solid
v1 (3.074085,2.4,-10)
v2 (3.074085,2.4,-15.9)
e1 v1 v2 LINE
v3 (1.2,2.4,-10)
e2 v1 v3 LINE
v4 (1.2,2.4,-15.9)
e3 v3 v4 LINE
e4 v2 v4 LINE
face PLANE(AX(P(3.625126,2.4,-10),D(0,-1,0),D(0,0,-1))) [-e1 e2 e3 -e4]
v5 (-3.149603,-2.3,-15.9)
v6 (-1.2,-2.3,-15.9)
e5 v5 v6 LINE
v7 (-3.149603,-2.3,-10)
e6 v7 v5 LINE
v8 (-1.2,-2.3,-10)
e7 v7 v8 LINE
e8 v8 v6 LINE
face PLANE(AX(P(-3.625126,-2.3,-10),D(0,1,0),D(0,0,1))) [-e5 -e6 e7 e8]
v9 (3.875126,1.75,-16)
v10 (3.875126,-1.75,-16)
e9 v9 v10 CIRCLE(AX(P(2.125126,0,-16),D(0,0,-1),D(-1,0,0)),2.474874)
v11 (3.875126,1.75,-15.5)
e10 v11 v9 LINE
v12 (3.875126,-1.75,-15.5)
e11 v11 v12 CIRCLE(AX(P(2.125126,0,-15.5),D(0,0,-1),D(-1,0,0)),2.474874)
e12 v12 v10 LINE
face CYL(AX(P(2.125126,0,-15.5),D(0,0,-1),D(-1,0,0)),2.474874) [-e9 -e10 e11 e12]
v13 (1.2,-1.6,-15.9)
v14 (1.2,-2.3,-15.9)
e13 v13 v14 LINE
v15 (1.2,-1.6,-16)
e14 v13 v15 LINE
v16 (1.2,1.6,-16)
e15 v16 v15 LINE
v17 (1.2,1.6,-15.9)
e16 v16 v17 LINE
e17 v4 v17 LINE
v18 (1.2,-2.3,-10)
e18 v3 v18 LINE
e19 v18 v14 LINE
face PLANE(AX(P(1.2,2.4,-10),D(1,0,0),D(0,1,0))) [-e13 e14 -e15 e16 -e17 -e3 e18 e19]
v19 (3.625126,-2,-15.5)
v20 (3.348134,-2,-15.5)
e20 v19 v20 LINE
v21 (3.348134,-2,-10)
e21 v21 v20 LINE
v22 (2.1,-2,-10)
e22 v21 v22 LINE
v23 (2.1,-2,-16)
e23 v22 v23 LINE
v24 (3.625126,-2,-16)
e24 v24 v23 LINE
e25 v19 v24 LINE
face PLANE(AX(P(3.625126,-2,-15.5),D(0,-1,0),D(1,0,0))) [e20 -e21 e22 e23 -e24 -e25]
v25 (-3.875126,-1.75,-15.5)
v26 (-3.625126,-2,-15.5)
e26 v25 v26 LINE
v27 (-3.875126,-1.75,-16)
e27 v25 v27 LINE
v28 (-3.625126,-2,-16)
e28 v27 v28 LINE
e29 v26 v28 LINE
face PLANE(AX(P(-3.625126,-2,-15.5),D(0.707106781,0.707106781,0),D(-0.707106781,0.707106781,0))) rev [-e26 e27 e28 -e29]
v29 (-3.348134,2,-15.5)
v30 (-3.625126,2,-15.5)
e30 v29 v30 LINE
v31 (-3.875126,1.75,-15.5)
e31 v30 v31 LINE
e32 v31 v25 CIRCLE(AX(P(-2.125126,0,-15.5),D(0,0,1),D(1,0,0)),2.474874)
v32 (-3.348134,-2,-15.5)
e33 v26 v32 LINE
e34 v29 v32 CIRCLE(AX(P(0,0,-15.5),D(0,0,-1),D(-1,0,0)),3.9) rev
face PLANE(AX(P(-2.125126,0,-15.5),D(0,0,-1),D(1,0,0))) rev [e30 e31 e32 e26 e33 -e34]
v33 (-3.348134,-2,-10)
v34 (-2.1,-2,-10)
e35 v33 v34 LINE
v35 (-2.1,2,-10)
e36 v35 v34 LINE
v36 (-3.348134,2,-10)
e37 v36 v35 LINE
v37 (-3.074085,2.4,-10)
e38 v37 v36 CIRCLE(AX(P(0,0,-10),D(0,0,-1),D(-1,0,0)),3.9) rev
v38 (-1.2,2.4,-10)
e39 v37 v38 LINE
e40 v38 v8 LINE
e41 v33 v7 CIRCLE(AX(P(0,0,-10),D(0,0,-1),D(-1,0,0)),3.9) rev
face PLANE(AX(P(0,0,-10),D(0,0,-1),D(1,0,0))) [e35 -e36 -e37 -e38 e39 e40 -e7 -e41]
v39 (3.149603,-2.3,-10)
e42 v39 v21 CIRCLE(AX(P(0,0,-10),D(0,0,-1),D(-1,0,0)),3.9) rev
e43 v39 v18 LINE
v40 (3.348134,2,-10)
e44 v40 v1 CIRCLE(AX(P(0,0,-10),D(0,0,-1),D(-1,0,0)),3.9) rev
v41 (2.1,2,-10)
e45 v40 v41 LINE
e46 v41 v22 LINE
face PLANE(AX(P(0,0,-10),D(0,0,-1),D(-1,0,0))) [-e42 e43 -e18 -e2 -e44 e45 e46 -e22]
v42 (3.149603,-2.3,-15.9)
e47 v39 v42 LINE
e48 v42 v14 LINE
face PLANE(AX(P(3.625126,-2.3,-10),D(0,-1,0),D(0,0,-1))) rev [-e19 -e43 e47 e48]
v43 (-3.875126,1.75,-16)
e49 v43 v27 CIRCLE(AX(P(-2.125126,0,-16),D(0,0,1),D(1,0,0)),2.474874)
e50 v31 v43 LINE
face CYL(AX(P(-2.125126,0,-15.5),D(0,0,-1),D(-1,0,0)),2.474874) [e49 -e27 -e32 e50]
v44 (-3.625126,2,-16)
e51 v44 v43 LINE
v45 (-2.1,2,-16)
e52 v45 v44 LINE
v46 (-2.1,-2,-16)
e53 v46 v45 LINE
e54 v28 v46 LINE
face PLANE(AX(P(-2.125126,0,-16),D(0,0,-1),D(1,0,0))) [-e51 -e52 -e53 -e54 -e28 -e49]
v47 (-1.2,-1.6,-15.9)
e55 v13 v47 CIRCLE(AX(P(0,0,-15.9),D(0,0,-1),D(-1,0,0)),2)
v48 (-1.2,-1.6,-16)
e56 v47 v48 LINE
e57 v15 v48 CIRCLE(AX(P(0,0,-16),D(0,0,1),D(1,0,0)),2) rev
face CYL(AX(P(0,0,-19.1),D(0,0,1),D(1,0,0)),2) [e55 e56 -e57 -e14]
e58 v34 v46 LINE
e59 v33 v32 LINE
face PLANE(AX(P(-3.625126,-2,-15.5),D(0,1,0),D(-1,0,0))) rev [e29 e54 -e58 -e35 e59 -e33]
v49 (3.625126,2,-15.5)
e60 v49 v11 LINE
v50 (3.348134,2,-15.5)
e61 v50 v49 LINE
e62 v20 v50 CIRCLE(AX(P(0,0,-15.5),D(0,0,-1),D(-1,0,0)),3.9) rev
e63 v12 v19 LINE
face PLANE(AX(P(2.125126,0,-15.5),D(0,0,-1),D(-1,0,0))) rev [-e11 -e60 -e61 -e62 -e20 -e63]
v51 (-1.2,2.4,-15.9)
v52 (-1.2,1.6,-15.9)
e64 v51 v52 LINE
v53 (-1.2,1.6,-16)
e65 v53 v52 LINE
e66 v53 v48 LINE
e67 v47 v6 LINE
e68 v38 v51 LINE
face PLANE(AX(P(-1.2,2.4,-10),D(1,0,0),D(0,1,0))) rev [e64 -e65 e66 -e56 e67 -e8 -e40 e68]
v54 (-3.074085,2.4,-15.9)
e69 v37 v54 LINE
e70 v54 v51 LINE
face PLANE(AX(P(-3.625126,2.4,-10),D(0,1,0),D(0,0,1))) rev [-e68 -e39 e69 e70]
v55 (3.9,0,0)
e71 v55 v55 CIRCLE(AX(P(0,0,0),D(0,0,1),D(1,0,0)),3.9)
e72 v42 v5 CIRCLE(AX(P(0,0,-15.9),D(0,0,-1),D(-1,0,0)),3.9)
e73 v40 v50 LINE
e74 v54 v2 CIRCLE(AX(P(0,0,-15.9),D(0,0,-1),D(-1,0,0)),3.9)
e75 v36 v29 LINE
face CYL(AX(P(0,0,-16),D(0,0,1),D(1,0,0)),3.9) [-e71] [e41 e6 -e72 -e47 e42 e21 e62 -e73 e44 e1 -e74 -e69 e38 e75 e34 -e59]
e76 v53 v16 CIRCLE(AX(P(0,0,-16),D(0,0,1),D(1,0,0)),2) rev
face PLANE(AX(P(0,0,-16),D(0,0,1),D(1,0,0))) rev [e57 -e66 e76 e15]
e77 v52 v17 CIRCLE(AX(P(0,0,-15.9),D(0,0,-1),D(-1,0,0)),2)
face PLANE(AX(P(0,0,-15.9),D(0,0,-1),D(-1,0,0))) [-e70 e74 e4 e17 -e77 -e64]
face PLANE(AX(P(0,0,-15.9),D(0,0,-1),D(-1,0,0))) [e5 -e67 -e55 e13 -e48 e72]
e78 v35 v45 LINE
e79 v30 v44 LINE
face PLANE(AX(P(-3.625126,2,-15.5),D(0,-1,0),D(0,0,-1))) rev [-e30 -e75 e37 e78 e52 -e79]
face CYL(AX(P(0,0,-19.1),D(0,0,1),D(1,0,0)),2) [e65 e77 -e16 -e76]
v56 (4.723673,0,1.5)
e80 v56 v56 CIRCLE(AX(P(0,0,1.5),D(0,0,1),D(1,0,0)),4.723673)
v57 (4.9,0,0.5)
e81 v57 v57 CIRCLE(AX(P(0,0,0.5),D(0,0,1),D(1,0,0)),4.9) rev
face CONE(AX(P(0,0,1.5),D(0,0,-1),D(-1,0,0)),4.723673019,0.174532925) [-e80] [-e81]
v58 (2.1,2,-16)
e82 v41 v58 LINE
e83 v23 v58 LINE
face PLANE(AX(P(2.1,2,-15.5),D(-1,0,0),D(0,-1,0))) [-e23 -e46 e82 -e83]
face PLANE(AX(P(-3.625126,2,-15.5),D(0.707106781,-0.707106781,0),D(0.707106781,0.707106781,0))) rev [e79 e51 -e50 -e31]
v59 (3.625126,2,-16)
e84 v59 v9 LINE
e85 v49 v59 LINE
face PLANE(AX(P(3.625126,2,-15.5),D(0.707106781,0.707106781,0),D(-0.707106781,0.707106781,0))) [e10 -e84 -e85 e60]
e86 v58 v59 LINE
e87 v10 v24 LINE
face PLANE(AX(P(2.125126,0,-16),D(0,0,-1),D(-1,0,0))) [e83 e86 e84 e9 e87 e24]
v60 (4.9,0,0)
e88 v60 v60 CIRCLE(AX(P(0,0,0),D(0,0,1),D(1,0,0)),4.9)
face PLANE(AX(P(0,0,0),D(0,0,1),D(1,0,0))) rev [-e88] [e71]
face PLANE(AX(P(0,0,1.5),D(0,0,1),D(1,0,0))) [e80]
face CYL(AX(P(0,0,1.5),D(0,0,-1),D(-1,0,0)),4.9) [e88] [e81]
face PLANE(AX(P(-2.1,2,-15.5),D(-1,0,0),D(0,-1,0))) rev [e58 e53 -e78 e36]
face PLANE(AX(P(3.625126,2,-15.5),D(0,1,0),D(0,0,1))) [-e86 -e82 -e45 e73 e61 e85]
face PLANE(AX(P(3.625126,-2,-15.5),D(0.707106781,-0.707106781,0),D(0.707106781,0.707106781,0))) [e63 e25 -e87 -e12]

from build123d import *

# Parameters (mm, degrees)
SKETCH1_R           = 3.9
BOSS_EXTRUDE1_DEPTH = 16
SKETCH1_3_R         = 4.9
BOSS_EXTRUDE2_DEPTH = 1.5
CUT_EXTRUDE2_START  = 15.9
SKETCH5_R           = 3.9
SKETCH5_R_2         = 2
CUT_EXTRUDE2_DEPTH  = 3.2
CHAMFER1_SIZE       = 1
CHAMFER1_SIZE2      = 0.176326981
BOSS_EXTRUDE3_DEPTH = 0.5
CUT_EXTRUDE1_DEPTH  = 6


with BuildPart() as part:
    # Sketch1 → Boss-Extrude1 (new body)
    with BuildSketch(Plane.XY):
        Circle(SKETCH1_R)
    extrude(amount=-BOSS_EXTRUDE1_DEPTH)

    # Sketch1<3> → Boss-Extrude2 (add)
    with BuildSketch(Plane.XY):
        Circle(SKETCH1_3_R)
    extrude(amount=BOSS_EXTRUDE2_DEPTH)

    # Sketch5 → Cut-Extrude2 (cut)
    with BuildSketch(Plane(origin=(0, 0, 0), x_dir=(-1, 0, 0), z_dir=(0, 0, -1)).offset(CUT_EXTRUDE2_START)):
        Circle(SKETCH5_R)
        Circle(SKETCH5_R_2, mode=Mode.SUBTRACT)
    extrude(amount=CUT_EXTRUDE2_DEPTH, mode=Mode.SUBTRACT)

    # Chamfer1
    chamfer1_edges = [part.edges().sort_by_distance(p)[0] for p in [
        (-4.9, 0, 1.5),
    ]]
    chamfer1_side = [part.faces().sort_by_distance(p)[0] for p in [
        (-4.9, 0, 0.75),
    ]]
    chamfer(chamfer1_edges, length=CHAMFER1_SIZE, length2=CHAMFER1_SIZE2, reference=chamfer1_side[0])

    # Sketch2 → Boss-Extrude3 (add)
    with BuildSketch(Plane(origin=(0, 0, -16), x_dir=(-1, 0, 0), z_dir=(0, 0, -1))):
        with BuildLine():
            Line((-3.625126266, 2), (-2.1, 2))
            Line((-2.1, 2), (-2.1, -2))
            Line((-2.1, -2), (-3.625126266, -2))
            Line((-3.625126266, -2), (-3.875126266, -1.75))
            ThreePointArc((-3.875126266, -1.75), (-4.6, 0), (-3.875126266, 1.75))
            Line((-3.875126266, 1.75), (-3.625126266, 2))
        make_face()
    boss_extrude3 = extrude(amount=-BOSS_EXTRUDE3_DEPTH)

    # Sketch4 → Cut-Extrude1 (cut)
    with BuildSketch(Plane(origin=(0, 0, -16), x_dir=(-1, 0, 0), z_dir=(0, 0, -1))):
        Polygon((-3.625126266, -2), (-2.1, -2), (-2.1, 2), (-3.625126266, 2), (-3.625126266, 2.4), (-1.2, 2.4), (-1.2, -2.3), (-3.625126266, -2.3), align=None)
    cut_extrude1 = extrude(amount=-CUT_EXTRUDE1_DEPTH, mode=Mode.SUBTRACT)

    # Mirror1: Boss-Extrude3, Cut-Extrude1 across plane
    add(boss_extrude3.mirror(Plane(origin=(0, 0, 0), x_dir=(0, 0, 1), z_dir=(1, 0, 0))))
    add(cut_extrude1.mirror(Plane(origin=(0, 0, 0), x_dir=(0, 0, 1), z_dir=(1, 0, 0))), mode=Mode.SUBTRACT)


solid = part.part
